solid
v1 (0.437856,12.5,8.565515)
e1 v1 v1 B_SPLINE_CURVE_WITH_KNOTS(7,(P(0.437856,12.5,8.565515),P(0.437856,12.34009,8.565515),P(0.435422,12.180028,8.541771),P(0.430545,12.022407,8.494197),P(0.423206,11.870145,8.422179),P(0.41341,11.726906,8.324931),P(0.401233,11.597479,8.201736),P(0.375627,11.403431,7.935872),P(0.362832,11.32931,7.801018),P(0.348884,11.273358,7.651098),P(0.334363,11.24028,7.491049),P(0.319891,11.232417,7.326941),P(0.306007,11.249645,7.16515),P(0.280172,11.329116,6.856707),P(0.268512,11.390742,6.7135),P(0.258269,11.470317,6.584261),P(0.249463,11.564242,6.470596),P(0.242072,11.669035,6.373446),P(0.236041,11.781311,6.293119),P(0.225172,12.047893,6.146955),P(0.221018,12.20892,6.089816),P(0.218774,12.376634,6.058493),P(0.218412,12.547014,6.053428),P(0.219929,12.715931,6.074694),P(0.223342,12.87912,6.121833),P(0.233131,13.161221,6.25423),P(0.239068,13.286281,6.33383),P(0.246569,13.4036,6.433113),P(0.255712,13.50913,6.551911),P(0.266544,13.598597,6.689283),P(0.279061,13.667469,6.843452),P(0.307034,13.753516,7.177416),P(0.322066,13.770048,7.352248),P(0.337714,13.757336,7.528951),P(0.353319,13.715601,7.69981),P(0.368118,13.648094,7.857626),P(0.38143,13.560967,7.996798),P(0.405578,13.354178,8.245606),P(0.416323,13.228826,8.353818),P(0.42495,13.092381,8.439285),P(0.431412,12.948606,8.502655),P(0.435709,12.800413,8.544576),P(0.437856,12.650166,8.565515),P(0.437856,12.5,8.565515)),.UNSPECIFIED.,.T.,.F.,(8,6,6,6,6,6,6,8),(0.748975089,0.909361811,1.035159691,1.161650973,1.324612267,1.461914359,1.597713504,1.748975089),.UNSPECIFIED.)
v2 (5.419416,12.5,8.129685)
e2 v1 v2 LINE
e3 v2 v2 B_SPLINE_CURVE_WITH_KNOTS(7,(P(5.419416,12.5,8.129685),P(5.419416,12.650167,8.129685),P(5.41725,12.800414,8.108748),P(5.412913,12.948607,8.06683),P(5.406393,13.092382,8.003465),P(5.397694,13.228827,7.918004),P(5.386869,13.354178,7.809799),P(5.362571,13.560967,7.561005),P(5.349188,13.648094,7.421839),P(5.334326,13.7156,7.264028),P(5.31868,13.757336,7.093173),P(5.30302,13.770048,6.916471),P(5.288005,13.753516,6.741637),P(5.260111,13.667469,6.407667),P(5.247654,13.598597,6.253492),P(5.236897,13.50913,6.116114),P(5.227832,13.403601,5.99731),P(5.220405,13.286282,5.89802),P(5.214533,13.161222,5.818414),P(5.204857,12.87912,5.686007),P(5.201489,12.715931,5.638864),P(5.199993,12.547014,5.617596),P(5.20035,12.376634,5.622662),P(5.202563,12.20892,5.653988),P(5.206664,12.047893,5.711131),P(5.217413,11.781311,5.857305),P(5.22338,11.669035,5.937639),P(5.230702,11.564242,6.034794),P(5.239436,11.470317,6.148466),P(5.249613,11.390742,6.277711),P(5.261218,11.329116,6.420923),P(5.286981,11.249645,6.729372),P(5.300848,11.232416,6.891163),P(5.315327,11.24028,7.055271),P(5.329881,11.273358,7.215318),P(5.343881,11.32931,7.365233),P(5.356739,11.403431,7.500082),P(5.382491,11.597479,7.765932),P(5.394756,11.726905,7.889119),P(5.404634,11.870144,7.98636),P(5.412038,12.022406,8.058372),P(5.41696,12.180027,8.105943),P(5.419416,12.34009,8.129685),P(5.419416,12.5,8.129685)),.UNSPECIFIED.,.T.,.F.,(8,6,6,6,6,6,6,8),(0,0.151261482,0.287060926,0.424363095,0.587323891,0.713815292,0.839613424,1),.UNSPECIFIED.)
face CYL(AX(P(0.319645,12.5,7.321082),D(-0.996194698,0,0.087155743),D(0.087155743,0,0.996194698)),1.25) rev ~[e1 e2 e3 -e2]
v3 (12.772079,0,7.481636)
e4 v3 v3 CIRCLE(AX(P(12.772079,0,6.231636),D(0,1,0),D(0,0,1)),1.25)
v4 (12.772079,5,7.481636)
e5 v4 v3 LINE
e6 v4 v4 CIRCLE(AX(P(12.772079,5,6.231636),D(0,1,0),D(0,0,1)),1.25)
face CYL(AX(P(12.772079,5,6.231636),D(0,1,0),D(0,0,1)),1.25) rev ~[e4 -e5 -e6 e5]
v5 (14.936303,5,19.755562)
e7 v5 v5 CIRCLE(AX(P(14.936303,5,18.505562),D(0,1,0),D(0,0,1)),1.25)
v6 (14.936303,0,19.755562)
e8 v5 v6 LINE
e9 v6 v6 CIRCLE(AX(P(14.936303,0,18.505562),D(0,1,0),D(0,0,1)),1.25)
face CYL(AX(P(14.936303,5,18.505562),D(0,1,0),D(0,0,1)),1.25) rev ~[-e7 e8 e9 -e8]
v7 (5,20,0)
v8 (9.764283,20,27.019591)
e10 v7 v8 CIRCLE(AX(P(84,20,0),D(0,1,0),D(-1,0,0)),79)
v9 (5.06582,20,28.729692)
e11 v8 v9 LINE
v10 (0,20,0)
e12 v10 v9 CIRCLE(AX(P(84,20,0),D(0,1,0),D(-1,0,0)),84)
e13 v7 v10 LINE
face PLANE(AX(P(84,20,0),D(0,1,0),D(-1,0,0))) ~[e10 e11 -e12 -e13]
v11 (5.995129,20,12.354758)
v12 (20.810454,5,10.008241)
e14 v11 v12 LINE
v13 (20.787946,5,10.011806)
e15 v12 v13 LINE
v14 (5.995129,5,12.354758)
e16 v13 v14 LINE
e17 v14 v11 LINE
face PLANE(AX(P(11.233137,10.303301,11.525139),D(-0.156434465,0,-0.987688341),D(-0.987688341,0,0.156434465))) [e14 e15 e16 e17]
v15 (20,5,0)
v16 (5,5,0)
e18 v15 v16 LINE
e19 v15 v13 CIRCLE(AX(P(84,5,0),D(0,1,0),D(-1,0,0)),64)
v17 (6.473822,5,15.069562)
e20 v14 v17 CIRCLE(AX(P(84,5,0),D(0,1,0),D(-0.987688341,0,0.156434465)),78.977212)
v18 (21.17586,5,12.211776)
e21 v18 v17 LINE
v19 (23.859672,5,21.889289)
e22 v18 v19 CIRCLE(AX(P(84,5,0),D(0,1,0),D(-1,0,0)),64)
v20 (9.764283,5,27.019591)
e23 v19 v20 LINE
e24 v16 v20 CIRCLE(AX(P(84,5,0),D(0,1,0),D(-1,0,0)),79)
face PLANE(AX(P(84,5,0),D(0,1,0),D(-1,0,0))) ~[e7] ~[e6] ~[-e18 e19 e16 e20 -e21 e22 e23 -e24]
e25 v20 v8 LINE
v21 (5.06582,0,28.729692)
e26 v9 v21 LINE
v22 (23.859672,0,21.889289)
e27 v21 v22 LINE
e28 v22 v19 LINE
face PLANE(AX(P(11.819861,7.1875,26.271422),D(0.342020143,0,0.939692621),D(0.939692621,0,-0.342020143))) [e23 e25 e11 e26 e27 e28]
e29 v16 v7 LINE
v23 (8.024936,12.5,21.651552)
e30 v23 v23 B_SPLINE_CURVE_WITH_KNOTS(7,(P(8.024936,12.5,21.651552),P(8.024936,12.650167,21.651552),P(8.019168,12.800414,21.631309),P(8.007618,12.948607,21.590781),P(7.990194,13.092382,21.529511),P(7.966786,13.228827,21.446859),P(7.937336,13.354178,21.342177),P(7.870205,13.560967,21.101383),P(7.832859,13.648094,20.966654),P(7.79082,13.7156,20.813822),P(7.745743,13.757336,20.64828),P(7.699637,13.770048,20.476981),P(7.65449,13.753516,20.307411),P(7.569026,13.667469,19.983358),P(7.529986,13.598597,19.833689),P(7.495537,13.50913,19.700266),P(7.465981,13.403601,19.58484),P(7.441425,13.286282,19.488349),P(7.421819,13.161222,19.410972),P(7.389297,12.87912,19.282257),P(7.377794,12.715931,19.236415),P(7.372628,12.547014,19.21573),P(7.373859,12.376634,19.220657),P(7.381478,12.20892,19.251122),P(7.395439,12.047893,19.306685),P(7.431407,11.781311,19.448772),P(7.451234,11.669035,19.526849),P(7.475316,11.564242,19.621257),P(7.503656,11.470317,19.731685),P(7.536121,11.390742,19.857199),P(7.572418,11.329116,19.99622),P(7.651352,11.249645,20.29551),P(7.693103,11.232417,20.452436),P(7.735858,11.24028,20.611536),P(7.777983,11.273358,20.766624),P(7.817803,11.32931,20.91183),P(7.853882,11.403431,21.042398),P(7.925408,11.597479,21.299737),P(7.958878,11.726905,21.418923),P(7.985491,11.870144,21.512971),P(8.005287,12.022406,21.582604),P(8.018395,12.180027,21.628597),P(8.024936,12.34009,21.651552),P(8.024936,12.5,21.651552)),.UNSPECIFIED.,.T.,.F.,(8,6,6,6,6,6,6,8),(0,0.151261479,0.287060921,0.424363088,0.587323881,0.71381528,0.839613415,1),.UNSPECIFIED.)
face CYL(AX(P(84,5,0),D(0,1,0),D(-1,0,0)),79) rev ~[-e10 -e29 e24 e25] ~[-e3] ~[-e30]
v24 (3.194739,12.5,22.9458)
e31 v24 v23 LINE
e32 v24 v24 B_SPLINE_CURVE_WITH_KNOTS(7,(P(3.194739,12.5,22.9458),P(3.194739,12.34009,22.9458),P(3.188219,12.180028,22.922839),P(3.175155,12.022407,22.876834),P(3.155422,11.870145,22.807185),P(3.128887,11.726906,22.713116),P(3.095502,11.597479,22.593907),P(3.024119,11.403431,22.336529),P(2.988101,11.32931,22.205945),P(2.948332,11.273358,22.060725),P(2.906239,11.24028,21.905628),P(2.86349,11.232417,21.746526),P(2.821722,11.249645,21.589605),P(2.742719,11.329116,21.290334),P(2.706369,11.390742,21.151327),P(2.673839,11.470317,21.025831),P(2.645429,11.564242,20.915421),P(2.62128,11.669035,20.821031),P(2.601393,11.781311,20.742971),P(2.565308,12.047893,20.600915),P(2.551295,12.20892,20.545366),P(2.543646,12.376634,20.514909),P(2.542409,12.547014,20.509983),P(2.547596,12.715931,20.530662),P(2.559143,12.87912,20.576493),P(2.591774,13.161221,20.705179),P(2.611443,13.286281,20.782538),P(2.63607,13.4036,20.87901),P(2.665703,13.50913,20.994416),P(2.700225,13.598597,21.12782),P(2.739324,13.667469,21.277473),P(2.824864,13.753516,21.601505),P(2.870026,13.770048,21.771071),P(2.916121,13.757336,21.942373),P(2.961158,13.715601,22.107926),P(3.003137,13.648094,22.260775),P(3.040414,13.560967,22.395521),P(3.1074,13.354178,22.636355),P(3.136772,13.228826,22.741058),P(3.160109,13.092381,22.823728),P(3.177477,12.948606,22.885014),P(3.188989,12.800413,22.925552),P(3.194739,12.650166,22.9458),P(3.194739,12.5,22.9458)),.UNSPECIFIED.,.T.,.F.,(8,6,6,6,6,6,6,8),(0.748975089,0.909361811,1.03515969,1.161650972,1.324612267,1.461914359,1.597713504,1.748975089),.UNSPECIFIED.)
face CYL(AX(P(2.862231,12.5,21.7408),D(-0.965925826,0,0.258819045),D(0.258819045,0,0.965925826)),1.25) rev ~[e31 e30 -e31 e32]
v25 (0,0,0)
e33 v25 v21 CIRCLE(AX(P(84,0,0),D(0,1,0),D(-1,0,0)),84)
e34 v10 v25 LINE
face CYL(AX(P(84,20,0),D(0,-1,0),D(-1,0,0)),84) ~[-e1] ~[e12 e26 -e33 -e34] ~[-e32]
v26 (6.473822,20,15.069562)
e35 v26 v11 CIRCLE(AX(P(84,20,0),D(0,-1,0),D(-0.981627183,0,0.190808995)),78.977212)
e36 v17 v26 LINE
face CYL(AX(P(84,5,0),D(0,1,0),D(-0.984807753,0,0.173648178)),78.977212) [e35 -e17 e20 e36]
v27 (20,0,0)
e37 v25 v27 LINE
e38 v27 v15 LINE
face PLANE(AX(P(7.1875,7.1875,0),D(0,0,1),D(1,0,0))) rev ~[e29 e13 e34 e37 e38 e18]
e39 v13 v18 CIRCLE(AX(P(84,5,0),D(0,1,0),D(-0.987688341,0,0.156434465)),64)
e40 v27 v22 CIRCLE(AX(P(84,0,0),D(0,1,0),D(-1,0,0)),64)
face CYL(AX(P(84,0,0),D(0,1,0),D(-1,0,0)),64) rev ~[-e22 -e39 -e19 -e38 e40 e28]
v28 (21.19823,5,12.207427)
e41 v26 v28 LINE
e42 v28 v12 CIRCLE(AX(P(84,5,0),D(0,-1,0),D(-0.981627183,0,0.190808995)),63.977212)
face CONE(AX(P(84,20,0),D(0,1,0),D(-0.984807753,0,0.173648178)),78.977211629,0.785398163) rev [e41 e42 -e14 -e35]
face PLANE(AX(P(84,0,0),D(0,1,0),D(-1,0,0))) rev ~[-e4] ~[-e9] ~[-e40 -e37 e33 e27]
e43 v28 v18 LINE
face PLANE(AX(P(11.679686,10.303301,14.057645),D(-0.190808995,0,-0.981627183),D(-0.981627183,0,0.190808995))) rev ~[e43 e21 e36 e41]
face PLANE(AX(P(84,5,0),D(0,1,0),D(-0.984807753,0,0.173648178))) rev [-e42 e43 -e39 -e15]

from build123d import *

# Parameters (mm, degrees)
R_VOLUTION1_ANGLE            = 20
ESQUISSE4_R                  = 1.25
ENL_V_MAT_EXTRU_1_DEPTH      = 10
ESQUISSE7_R                  = 1.25
ENL_V_MAT_EXTRU_2_DEPTH      = 10
R_P_TITION_CIRCULAIRE1_COUNT = 2
R_P_TITION_CIRCULAIRE1_ANGLE = 10
R_VOLUTION2_ANGLE            = 1
R_VOLUTION2_OTHER_WAY_ANGLE  = 1


with BuildPart() as part:
    # Esquisse2 → Révolution1 (revolve)
    with BuildSketch(Plane.XY):
        Polygon((0, 0), (20, 0), (20, 5), (5, 5), (5, 20), (0, 20), align=None)
    revolve(axis=Axis((84, 0, 0), (0, 1, 0)), revolution_arc=R_VOLUTION1_ANGLE)

    # Esquisse4 → Enlèv. mat.-Extru.1 (cut)
    with BuildSketch(Plane(origin=(0, 5, 0), x_dir=(1, 0, 0), z_dir=(0, 1, 0))):
        with Locations(Location((14.93630342, -18.505561725, 0), (0, 0, 270))):
            Circle(ESQUISSE4_R)
        with Locations(Location((12.772079086, -6.231635606, 0), (0, 0, 270))):
            Circle(ESQUISSE4_R)
    extrude(amount=-ENL_V_MAT_EXTRU_1_DEPTH, mode=Mode.SUBTRACT)

    # Esquisse7 → Enlèv. mat.-Extru.2 (cut)
    with BuildSketch(Plane(origin=(-0.318429013, 0, 0.027858929), x_dir=(0, -1, 0), z_dir=(-0.9961946980917459, 0, 0.08715574274765504))):
        with Locations(Location((-12.5, 7.321082391, 0), (0, 0, 90))):
            Circle(ESQUISSE7_R)
    enl_v_mat_extru_2 = extrude(amount=-ENL_V_MAT_EXTRU_2_DEPTH, mode=Mode.SUBTRACT)

    # Répétition circulaire1: Enlèv. mat.-Extru.2 ×2 about axis
    r_p_tition_circulaire1_axis = Axis((84, 0, 0), (0, 1, 0))
    for i in range(1, R_P_TITION_CIRCULAIRE1_COUNT):
        add(enl_v_mat_extru_2.rotate(r_p_tition_circulaire1_axis, i * R_P_TITION_CIRCULAIRE1_ANGLE / (R_P_TITION_CIRCULAIRE1_COUNT - 1)), mode=Mode.SUBTRACT)

    # Esquisse9 → Révolution2 (revolve)
    with BuildSketch(Plane(origin=(2.532909927, 0, 14.36484602), x_dir=(-0.9848077530122081, 0, 0.17364817766693072), z_dir=(-0.17364817766693072, 0, -0.9848077530122081))):
        Polygon((-3.746639624, 5), (-3.746639624, 20), (-18.746639624, 5), align=None)
    revolve(axis=Axis((84, 0, 0), (0, -1, 0)), revolution_arc=R_VOLUTION2_ANGLE)

    # Esquisse9 → Révolution2 other way (revolve)
    with BuildSketch(Plane(origin=(2.532909927, 0, 14.36484602), x_dir=(-0.9848077530122081, 0, 0.17364817766693072), z_dir=(-0.17364817766693072, 0, -0.9848077530122081))):
        Polygon((-3.746639624, 5), (-3.746639624, 20), (-18.746639624, 5), align=None)
    revolve(axis=Axis((84, 0, 0), (0, 1, 0)), revolution_arc=R_VOLUTION2_OTHER_WAY_ANGLE)


solid = part.part
